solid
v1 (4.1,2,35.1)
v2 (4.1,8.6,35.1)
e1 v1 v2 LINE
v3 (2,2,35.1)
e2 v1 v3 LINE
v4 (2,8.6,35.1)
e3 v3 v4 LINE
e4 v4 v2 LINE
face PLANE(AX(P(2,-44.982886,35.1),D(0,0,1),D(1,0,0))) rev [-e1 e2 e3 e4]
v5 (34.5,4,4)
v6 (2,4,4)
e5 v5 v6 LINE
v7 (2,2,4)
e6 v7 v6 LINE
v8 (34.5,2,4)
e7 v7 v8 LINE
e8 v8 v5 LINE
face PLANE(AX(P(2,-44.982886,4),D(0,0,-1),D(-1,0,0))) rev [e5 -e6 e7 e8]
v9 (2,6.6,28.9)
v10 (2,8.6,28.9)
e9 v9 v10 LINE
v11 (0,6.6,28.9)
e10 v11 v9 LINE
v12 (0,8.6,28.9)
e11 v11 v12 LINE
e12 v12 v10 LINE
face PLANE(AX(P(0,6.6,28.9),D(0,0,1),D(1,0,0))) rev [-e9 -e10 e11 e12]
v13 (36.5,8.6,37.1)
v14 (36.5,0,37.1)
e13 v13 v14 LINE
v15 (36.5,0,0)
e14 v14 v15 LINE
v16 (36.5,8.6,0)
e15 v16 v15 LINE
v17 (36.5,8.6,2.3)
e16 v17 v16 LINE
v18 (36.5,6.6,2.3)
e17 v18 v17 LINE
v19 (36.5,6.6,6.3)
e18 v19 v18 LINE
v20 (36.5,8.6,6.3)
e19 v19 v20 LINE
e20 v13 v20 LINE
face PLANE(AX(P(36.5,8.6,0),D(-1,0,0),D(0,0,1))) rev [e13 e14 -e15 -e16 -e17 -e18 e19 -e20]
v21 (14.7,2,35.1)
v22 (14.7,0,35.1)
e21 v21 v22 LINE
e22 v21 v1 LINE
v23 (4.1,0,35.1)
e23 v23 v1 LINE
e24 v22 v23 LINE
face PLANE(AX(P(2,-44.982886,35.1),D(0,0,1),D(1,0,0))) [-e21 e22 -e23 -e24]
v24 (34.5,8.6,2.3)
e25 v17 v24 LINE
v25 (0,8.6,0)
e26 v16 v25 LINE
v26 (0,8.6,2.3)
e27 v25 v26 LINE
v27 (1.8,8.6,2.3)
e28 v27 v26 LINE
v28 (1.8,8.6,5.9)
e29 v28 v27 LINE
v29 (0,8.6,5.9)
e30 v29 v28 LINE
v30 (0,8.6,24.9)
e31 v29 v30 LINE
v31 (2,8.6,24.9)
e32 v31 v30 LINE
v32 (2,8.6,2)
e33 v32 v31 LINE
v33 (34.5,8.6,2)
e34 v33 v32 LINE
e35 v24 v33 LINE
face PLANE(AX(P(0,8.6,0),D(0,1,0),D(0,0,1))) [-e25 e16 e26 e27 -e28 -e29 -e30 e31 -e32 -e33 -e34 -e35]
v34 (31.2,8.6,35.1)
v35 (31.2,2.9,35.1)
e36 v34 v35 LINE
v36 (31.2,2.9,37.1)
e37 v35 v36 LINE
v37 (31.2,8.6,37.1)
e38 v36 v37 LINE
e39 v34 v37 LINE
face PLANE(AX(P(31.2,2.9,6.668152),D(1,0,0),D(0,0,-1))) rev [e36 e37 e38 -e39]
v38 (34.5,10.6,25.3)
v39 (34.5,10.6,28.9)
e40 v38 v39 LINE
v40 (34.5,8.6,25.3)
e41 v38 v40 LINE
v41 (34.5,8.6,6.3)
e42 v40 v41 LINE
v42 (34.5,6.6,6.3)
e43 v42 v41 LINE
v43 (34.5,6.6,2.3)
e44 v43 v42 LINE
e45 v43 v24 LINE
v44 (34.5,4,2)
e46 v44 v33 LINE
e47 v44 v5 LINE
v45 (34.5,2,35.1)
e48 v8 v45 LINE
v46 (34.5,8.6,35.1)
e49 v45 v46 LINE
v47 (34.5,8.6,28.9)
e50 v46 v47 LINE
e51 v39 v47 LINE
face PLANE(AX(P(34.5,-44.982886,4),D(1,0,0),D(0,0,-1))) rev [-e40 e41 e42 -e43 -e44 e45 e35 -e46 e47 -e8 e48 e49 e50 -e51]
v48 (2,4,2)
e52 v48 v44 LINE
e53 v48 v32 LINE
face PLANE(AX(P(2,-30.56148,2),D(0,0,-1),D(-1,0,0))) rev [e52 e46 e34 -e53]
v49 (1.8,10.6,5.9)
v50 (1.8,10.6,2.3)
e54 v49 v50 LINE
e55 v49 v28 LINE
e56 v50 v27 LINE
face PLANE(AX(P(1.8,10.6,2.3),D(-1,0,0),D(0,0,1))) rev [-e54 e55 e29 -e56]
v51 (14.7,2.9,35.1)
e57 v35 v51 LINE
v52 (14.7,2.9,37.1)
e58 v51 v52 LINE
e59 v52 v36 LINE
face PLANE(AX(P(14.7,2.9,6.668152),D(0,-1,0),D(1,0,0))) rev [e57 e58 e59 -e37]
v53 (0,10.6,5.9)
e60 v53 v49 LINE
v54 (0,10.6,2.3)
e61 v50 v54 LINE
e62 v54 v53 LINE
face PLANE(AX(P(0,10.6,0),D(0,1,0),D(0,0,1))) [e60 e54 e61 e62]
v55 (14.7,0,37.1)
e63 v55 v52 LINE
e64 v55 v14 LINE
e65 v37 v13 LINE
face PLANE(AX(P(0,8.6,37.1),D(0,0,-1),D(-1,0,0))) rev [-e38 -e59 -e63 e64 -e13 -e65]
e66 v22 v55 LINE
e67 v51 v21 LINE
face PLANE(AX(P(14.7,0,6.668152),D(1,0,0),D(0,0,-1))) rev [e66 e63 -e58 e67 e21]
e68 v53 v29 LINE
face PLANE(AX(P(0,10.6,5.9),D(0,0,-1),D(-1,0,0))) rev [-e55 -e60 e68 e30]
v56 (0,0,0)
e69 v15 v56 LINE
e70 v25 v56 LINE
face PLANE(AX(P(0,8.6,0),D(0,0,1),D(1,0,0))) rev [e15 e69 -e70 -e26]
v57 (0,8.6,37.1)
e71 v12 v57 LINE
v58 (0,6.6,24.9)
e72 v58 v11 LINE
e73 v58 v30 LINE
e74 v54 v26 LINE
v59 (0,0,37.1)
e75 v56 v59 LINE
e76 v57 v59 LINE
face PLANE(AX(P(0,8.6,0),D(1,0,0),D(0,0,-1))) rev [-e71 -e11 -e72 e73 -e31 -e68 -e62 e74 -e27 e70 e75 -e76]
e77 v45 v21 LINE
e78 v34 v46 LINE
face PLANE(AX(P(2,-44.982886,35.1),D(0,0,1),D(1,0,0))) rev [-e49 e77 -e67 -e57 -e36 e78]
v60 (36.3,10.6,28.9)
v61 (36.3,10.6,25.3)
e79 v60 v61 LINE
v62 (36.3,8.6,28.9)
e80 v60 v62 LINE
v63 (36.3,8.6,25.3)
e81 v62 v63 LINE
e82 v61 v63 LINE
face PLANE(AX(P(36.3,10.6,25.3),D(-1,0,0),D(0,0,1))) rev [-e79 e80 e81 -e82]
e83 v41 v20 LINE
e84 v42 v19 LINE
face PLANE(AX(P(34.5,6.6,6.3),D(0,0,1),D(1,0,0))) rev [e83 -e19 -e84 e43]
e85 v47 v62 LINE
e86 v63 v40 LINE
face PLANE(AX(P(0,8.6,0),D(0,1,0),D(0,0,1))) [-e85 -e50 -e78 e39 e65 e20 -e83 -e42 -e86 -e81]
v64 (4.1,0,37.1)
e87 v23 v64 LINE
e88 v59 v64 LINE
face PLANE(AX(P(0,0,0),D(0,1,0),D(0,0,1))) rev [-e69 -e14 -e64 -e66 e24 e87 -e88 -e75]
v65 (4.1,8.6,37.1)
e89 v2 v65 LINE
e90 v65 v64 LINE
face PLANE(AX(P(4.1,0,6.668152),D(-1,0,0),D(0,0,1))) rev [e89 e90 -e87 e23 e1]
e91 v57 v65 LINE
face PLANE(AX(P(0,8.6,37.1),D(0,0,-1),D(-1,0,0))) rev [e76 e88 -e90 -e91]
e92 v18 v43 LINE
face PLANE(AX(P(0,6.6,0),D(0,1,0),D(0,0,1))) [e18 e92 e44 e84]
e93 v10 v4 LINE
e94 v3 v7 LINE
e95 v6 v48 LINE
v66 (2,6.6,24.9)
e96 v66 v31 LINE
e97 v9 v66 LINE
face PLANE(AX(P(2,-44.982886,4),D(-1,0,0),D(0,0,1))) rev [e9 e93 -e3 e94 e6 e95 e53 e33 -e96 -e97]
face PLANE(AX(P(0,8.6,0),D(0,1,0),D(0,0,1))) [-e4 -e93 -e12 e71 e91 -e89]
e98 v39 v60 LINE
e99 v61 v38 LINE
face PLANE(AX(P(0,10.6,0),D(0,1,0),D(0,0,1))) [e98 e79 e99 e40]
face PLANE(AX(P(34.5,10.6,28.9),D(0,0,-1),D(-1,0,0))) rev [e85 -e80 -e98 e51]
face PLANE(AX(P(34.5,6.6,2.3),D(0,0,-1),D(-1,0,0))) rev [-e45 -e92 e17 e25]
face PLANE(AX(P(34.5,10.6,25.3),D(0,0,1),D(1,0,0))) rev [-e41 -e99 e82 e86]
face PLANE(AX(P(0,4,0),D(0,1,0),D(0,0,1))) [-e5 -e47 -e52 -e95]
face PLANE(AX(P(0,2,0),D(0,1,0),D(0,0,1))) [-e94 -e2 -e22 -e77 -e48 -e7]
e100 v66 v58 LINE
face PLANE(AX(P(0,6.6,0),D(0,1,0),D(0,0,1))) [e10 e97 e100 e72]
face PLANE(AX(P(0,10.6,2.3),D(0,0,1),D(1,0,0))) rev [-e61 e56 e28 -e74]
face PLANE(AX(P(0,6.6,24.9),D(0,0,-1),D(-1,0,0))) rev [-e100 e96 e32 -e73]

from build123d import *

# Parameters (mm, degrees)
SKETCH3_W            = 36.5
SKETCH3_H            = 37.1
SHELL_DEPTH          = 8.6
SKETCH4_W            = 32.5
SKETCH4_H            = 31.1
MAIN_CAVITY_DEPTH    = 6.6
SKETCH5_W            = 32.5
SKETCH5_H            = 2
SUPPORT_SHELF_DEPTH  = 4.6
TERMINAL_INPUT_DEPTH = 2
SKETCH7_W            = 1.8
SKETCH7_H            = 3.6
MALE_TABS_DEPTH      = 2
SKETCH8_W            = 2
SKETCH8_H            = 4
FEMALE_TABS_DEPTH    = 2


with BuildPart() as part:
    # Sketch3 → Shell (new body)
    with BuildSketch(Plane(origin=(0, 0, 0), x_dir=(1, 0, 0), z_dir=(0, 1, 0))):
        with Locations((18.25, -18.55)):
            Rectangle(SKETCH3_W, SKETCH3_H)
    extrude(amount=SHELL_DEPTH)

    # Sketch4 → Main Cavity (cut)
    with BuildSketch(Plane(origin=(0, 8.6, 0), x_dir=(1, 0, 0), z_dir=(0, 1, 0))):
        with Locations((18.25, -19.55)):
            Rectangle(SKETCH4_W, SKETCH4_H)
    extrude(amount=-MAIN_CAVITY_DEPTH, mode=Mode.SUBTRACT)

    # Sketch5 → Support Shelf (cut)
    with BuildSketch(Plane(origin=(0, 8.6, 0), x_dir=(1, 0, 0), z_dir=(0, 1, 0))):
        with Locations((18.25, -3)):
            Rectangle(SKETCH5_W, SKETCH5_H)
    extrude(amount=-SUPPORT_SHELF_DEPTH, mode=Mode.SUBTRACT)

    # Sketch6 → Terminal Input (cut)
    with BuildSketch(Plane.XY.offset(37.1)):
        Polygon((31.2, 2.9), (31.2, 8.6), (4.1, 8.6), (4.1, 0), (14.7, 0), (14.7, 2.9), align=None)
    extrude(amount=-TERMINAL_INPUT_DEPTH, mode=Mode.SUBTRACT)

    # Sketch7 → Male Tabs (add)
    with BuildSketch(Plane(origin=(0, 8.6, 0), x_dir=(1, 0, 0), z_dir=(0, 1, 0))):
        with Locations((35.4, -27.1)):
            Rectangle(SKETCH7_W, SKETCH7_H)
        with Locations((0.9, -4.1)):
            Rectangle(SKETCH7_W, SKETCH7_H)
    extrude(amount=MALE_TABS_DEPTH)

    # Sketch8 → Female Tabs (cut)
    with BuildSketch(Plane(origin=(0, 8.6, 0), x_dir=(1, 0, 0), z_dir=(0, 1, 0))):
        with Locations((35.5, -4.3)):
            Rectangle(SKETCH8_W, SKETCH8_H)
        with Locations((1, -26.9)):
            Rectangle(SKETCH8_W, SKETCH8_H)
    extrude(amount=-FEMALE_TABS_DEPTH, mode=Mode.SUBTRACT)


solid = part.part
